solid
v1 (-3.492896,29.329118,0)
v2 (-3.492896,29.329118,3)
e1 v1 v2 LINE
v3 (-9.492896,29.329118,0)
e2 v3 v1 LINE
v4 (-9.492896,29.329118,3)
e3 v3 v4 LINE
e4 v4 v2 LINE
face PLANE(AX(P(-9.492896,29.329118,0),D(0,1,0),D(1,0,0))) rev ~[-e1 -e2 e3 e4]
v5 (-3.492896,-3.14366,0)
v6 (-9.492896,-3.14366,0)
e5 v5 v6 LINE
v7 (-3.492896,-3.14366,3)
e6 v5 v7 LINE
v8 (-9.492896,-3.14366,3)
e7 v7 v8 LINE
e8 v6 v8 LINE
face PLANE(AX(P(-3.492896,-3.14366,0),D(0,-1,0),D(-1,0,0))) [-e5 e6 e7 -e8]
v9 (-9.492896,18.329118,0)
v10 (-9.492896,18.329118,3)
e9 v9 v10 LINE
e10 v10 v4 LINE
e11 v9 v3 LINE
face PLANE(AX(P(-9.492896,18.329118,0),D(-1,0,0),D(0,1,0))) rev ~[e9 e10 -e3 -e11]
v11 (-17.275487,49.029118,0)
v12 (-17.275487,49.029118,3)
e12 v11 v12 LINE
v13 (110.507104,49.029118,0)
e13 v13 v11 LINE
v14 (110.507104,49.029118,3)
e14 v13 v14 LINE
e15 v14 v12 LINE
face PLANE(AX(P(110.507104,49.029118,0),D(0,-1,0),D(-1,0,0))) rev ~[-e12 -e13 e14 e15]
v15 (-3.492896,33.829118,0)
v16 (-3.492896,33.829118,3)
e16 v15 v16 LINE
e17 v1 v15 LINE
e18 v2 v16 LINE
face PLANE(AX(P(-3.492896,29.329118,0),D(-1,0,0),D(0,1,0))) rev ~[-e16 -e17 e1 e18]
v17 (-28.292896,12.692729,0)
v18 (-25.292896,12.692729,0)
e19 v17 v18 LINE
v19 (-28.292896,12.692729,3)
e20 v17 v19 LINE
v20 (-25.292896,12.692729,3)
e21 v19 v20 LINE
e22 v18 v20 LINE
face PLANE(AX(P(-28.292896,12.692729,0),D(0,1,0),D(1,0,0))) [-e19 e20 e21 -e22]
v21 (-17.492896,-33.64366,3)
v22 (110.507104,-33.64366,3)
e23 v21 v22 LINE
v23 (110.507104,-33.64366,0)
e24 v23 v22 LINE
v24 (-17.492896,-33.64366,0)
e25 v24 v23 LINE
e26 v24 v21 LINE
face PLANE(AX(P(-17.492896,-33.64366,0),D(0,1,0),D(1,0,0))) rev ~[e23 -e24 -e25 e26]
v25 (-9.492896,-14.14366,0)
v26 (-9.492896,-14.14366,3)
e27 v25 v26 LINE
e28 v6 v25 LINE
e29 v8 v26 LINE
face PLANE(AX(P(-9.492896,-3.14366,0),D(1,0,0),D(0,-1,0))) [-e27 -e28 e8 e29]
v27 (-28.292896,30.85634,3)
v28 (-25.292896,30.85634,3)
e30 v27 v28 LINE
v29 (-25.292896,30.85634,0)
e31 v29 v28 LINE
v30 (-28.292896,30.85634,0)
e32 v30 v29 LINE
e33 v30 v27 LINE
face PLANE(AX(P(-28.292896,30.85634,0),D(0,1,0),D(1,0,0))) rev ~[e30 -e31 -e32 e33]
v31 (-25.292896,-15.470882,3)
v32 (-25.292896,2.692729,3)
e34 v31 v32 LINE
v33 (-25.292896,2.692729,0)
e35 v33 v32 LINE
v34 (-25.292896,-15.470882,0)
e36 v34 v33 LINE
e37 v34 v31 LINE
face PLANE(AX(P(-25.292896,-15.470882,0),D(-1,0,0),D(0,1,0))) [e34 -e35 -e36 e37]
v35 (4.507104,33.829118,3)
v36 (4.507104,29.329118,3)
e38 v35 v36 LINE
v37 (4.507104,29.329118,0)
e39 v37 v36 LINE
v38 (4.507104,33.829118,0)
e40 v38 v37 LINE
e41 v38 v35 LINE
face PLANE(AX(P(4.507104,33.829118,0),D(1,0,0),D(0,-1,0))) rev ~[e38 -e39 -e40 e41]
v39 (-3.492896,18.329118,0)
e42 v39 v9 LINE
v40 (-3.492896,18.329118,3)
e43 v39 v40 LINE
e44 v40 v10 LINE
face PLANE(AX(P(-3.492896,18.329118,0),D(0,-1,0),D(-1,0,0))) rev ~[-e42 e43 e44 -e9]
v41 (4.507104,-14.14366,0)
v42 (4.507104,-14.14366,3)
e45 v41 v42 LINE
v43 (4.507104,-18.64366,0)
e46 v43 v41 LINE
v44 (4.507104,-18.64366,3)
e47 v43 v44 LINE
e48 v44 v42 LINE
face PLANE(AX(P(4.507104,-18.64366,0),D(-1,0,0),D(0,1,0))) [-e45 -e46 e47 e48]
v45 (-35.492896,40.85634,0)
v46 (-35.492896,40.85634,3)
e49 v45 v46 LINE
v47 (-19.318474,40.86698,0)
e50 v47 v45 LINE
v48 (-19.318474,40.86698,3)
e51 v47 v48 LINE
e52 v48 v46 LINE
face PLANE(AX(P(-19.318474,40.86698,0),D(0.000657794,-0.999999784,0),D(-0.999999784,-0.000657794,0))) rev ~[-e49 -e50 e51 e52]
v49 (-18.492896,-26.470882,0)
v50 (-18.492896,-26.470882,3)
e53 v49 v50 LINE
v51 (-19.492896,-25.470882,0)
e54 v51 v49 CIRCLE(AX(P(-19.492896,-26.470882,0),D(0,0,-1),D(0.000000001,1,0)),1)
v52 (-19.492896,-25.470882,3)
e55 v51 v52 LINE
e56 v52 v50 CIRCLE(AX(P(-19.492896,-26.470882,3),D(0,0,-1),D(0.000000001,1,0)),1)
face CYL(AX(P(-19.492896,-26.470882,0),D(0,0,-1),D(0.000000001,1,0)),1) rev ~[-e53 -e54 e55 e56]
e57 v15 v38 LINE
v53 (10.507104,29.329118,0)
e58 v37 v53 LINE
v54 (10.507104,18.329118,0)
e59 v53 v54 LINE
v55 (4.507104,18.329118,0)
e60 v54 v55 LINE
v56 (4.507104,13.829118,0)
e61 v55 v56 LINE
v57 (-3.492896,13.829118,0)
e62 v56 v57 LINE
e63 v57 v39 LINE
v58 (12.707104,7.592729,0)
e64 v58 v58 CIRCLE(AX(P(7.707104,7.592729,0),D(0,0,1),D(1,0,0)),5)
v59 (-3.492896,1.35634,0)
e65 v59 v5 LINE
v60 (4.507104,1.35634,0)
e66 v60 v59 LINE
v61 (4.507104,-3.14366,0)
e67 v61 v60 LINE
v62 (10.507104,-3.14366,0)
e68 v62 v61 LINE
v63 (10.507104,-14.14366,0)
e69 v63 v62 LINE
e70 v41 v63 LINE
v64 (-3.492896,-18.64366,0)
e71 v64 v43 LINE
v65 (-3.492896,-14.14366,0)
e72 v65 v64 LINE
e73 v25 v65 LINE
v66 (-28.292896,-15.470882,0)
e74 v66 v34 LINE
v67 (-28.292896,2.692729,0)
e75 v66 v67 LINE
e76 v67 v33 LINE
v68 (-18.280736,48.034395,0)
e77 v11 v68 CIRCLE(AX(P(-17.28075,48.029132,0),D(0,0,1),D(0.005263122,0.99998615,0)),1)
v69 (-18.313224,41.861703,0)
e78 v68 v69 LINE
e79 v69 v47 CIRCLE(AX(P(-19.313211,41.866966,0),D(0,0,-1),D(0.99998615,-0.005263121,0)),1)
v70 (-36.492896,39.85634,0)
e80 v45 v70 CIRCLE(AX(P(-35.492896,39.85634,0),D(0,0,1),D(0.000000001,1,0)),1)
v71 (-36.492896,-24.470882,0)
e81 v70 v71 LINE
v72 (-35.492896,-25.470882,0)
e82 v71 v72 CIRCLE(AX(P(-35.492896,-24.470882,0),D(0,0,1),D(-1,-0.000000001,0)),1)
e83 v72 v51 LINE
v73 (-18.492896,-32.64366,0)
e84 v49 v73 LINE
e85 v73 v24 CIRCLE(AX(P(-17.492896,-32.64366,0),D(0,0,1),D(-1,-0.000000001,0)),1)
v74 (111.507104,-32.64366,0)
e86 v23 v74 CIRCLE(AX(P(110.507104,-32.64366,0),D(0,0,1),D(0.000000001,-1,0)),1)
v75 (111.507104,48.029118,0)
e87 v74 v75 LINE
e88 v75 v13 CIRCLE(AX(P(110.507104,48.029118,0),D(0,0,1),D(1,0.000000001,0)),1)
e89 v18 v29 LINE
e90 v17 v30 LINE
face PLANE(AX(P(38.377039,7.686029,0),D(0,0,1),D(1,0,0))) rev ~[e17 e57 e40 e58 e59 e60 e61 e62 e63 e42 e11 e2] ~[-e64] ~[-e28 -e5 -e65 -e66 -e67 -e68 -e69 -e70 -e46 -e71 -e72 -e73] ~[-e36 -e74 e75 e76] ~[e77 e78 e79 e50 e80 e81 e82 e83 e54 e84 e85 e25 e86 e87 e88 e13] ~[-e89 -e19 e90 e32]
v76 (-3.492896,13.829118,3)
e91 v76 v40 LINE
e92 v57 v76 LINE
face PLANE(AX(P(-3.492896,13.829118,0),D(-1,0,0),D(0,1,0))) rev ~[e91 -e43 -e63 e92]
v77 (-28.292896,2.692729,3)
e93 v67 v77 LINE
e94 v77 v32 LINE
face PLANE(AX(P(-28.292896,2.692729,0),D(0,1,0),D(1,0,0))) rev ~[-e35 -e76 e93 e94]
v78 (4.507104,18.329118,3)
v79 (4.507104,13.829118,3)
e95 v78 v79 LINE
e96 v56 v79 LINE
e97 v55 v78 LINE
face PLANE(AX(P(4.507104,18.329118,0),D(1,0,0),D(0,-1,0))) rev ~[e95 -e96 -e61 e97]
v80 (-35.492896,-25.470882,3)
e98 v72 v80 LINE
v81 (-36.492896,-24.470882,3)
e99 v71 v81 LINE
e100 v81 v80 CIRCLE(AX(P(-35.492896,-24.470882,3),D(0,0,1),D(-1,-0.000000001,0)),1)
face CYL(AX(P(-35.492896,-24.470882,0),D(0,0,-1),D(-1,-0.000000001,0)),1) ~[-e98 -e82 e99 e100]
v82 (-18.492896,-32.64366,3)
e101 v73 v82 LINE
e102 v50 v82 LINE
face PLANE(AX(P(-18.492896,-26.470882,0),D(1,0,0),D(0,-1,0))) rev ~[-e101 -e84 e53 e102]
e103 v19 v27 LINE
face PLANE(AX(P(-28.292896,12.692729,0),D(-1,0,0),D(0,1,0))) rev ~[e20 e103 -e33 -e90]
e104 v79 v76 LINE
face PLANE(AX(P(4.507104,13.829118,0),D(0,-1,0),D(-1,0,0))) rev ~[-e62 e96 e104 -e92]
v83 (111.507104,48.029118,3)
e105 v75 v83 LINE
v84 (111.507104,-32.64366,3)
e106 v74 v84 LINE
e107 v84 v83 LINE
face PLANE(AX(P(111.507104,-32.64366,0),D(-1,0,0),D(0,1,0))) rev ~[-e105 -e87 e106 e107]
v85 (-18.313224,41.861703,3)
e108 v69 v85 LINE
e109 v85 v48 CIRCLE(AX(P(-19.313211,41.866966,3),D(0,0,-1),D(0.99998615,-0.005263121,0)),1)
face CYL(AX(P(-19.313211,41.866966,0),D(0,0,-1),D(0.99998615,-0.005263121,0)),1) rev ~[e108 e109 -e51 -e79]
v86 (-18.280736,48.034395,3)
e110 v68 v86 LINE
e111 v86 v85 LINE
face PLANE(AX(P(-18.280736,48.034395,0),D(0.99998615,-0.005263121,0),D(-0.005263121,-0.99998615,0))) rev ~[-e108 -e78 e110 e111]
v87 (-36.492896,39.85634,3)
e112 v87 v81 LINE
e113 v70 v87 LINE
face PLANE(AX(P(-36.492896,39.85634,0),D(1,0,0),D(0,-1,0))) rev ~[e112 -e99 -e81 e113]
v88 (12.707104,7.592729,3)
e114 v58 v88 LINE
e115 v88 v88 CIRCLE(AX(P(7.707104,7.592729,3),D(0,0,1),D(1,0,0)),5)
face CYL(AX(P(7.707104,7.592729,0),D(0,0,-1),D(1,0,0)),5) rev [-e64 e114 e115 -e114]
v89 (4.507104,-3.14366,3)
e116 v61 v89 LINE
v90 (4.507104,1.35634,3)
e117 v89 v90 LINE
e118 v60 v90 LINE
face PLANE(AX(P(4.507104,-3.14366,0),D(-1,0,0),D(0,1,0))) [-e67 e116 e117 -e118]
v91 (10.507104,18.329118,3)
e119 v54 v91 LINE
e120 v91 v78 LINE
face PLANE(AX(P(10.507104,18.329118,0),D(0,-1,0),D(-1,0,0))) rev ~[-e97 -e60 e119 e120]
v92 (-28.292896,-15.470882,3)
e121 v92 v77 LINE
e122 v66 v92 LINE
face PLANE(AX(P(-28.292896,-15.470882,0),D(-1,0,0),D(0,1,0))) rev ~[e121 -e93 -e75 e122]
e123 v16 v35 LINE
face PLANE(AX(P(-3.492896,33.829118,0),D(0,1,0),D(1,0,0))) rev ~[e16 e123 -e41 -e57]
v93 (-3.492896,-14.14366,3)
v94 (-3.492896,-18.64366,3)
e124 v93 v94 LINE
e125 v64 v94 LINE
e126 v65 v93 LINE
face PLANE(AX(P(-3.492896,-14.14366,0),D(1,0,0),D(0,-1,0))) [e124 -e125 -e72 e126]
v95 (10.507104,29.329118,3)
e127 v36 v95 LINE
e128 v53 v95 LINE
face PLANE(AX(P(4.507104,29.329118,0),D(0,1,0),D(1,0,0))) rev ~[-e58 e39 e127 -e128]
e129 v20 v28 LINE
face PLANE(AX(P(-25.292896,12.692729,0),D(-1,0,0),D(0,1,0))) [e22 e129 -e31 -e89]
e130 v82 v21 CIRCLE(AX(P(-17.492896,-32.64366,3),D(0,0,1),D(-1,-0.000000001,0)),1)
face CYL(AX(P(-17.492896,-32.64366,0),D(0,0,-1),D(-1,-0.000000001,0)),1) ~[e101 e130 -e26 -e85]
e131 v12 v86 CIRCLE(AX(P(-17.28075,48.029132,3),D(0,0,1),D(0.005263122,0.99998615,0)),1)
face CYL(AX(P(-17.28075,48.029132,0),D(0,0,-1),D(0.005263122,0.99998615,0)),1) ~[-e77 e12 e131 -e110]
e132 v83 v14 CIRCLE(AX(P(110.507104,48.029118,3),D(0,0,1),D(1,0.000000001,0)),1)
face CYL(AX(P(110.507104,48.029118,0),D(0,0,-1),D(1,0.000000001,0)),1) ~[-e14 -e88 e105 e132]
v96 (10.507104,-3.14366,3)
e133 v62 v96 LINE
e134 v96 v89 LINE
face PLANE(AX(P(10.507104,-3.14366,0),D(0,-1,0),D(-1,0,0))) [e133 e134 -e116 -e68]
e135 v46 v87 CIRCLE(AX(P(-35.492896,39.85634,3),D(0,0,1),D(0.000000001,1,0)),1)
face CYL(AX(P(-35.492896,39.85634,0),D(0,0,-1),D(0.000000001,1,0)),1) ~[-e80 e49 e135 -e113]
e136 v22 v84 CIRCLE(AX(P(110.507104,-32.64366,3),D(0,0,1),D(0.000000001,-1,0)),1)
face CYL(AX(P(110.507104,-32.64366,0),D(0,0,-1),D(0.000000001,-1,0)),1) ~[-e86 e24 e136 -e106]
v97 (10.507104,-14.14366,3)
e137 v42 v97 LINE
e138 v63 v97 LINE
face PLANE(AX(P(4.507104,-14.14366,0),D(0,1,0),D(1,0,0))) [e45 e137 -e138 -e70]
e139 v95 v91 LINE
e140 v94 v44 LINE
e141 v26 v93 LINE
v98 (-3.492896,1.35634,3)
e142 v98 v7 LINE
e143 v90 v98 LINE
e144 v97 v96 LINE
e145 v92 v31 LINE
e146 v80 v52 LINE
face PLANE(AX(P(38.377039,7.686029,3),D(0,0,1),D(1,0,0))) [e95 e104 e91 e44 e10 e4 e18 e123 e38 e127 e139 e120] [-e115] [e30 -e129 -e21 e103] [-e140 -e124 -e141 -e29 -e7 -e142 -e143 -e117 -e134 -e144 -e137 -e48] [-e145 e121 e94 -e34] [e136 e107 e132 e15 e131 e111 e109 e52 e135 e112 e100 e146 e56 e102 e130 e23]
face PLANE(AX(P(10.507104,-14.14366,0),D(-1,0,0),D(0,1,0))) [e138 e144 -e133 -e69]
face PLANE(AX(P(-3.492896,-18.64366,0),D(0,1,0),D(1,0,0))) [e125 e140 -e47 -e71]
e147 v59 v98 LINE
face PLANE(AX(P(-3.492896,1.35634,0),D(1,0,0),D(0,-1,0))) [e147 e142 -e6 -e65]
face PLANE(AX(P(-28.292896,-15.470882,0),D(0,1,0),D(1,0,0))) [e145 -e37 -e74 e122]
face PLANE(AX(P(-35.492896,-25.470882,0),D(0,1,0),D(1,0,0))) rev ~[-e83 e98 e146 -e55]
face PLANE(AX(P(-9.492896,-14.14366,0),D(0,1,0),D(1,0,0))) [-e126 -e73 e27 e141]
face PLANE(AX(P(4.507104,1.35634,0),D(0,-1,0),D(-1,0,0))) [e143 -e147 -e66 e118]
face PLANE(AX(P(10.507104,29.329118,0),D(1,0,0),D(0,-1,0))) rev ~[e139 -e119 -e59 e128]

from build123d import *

# Parameters (mm, degrees)
MODEL_R                 = 5
MODEL_W                 = 3
MODEL_H                 = 18.163611367
MODEL_H_2               = 18.163611368
SALIENTE_EXTRUIR1_DEPTH = 3


with BuildPart() as part:
    # Model → Saliente-Extruir1 (new body)
    with BuildSketch(Plane.XY):
        with BuildLine():
            Line((110.507104, 49.029117707), (-17.27548715, 49.029117707))
            ThreePointArc((-17.27548715, 49.029117707), (-17.98412567, 48.739950134), (-18.280736421, 48.034394679))
            Line((-18.280736421, 48.034394679), (-18.313224497, 41.861702909))
            ThreePointArc((-18.313224497, 41.861702909), (-18.609835248, 41.156147454), (-19.318473769, 40.866979881))
            Line((-19.318473769, 40.866979881), (-35.492896, 40.856340442))
            ThreePointArc((-35.492896, 40.856340442), (-36.200002781, 40.563447224), (-36.492896, 39.856340442))
            Line((-36.492896, 39.856340442), (-36.492896, -24.470882293))
            ThreePointArc((-36.492896, -24.470882293), (-36.200002781, -25.177989074), (-35.492896, -25.470882293))
            Line((-35.492896, -25.470882293), (-19.492896, -25.470882293))
            ThreePointArc((-19.492896, -25.470882293), (-18.785789219, -25.763775512), (-18.492896, -26.470882293))
            Line((-18.492896, -26.470882293), (-18.492896, -32.643659558))
            ThreePointArc((-18.492896, -32.643659558), (-18.200002781, -33.350766339), (-17.492896, -33.643659558))
            Line((-17.492896, -33.643659558), (26.507104, -33.643659558))
            Line((26.507104, -33.643659558), (32.507104, -33.643659558))
            Line((32.507104, -33.643659558), (65.191293724, -33.643659558))
            Line((65.191293724, -33.643659558), (110.507104, -33.643659558))
            ThreePointArc((110.507104, -33.643659558), (111.214210781, -33.350766339), (111.507104, -32.643659558))
            Line((111.507104, -32.643659558), (111.507104, 48.029117707))
            ThreePointArc((111.507104, 48.029117707), (111.214210781, 48.736224488), (110.507104, 49.029117707))
        make_face()
        with Locations((7.707104, 7.592729075)):
            Circle(MODEL_R, mode=Mode.SUBTRACT)
        Polygon((10.507104, 18.329117707), (4.507104, 18.329117707), (4.507104, 13.829117707), (-3.492896, 13.829117707), (-3.492896, 18.329117707), (-9.492896, 18.329117707), (-9.492896, 29.329117707), (-3.492896, 29.329117707), (-3.492896, 33.829117707), (4.507104, 33.829117707), (4.507104, 29.329117707), (10.507104, 29.329117707), align=None, mode=Mode.SUBTRACT)
        Polygon((10.507104, -3.143659558), (4.507104, -3.143659558), (4.507104, 1.356340442), (-3.492896, 1.356340442), (-3.492896, -3.143659558), (-9.492896, -3.143659558), (-9.492896, -14.143659558), (-3.492896, -14.143659558), (-3.492896, -18.643659558), (4.507104, -18.643659558), (4.507104, -14.143659558), (10.507104, -14.143659558), align=None, mode=Mode.SUBTRACT)
        with Locations((-26.792896, 21.774534758)):
            Rectangle(MODEL_W, MODEL_H, mode=Mode.SUBTRACT)
        with Locations((-26.792896, -6.389076609)):
            Rectangle(MODEL_W, MODEL_H_2, mode=Mode.SUBTRACT)
    extrude(amount=SALIENTE_EXTRUIR1_DEPTH)


solid = part.part
